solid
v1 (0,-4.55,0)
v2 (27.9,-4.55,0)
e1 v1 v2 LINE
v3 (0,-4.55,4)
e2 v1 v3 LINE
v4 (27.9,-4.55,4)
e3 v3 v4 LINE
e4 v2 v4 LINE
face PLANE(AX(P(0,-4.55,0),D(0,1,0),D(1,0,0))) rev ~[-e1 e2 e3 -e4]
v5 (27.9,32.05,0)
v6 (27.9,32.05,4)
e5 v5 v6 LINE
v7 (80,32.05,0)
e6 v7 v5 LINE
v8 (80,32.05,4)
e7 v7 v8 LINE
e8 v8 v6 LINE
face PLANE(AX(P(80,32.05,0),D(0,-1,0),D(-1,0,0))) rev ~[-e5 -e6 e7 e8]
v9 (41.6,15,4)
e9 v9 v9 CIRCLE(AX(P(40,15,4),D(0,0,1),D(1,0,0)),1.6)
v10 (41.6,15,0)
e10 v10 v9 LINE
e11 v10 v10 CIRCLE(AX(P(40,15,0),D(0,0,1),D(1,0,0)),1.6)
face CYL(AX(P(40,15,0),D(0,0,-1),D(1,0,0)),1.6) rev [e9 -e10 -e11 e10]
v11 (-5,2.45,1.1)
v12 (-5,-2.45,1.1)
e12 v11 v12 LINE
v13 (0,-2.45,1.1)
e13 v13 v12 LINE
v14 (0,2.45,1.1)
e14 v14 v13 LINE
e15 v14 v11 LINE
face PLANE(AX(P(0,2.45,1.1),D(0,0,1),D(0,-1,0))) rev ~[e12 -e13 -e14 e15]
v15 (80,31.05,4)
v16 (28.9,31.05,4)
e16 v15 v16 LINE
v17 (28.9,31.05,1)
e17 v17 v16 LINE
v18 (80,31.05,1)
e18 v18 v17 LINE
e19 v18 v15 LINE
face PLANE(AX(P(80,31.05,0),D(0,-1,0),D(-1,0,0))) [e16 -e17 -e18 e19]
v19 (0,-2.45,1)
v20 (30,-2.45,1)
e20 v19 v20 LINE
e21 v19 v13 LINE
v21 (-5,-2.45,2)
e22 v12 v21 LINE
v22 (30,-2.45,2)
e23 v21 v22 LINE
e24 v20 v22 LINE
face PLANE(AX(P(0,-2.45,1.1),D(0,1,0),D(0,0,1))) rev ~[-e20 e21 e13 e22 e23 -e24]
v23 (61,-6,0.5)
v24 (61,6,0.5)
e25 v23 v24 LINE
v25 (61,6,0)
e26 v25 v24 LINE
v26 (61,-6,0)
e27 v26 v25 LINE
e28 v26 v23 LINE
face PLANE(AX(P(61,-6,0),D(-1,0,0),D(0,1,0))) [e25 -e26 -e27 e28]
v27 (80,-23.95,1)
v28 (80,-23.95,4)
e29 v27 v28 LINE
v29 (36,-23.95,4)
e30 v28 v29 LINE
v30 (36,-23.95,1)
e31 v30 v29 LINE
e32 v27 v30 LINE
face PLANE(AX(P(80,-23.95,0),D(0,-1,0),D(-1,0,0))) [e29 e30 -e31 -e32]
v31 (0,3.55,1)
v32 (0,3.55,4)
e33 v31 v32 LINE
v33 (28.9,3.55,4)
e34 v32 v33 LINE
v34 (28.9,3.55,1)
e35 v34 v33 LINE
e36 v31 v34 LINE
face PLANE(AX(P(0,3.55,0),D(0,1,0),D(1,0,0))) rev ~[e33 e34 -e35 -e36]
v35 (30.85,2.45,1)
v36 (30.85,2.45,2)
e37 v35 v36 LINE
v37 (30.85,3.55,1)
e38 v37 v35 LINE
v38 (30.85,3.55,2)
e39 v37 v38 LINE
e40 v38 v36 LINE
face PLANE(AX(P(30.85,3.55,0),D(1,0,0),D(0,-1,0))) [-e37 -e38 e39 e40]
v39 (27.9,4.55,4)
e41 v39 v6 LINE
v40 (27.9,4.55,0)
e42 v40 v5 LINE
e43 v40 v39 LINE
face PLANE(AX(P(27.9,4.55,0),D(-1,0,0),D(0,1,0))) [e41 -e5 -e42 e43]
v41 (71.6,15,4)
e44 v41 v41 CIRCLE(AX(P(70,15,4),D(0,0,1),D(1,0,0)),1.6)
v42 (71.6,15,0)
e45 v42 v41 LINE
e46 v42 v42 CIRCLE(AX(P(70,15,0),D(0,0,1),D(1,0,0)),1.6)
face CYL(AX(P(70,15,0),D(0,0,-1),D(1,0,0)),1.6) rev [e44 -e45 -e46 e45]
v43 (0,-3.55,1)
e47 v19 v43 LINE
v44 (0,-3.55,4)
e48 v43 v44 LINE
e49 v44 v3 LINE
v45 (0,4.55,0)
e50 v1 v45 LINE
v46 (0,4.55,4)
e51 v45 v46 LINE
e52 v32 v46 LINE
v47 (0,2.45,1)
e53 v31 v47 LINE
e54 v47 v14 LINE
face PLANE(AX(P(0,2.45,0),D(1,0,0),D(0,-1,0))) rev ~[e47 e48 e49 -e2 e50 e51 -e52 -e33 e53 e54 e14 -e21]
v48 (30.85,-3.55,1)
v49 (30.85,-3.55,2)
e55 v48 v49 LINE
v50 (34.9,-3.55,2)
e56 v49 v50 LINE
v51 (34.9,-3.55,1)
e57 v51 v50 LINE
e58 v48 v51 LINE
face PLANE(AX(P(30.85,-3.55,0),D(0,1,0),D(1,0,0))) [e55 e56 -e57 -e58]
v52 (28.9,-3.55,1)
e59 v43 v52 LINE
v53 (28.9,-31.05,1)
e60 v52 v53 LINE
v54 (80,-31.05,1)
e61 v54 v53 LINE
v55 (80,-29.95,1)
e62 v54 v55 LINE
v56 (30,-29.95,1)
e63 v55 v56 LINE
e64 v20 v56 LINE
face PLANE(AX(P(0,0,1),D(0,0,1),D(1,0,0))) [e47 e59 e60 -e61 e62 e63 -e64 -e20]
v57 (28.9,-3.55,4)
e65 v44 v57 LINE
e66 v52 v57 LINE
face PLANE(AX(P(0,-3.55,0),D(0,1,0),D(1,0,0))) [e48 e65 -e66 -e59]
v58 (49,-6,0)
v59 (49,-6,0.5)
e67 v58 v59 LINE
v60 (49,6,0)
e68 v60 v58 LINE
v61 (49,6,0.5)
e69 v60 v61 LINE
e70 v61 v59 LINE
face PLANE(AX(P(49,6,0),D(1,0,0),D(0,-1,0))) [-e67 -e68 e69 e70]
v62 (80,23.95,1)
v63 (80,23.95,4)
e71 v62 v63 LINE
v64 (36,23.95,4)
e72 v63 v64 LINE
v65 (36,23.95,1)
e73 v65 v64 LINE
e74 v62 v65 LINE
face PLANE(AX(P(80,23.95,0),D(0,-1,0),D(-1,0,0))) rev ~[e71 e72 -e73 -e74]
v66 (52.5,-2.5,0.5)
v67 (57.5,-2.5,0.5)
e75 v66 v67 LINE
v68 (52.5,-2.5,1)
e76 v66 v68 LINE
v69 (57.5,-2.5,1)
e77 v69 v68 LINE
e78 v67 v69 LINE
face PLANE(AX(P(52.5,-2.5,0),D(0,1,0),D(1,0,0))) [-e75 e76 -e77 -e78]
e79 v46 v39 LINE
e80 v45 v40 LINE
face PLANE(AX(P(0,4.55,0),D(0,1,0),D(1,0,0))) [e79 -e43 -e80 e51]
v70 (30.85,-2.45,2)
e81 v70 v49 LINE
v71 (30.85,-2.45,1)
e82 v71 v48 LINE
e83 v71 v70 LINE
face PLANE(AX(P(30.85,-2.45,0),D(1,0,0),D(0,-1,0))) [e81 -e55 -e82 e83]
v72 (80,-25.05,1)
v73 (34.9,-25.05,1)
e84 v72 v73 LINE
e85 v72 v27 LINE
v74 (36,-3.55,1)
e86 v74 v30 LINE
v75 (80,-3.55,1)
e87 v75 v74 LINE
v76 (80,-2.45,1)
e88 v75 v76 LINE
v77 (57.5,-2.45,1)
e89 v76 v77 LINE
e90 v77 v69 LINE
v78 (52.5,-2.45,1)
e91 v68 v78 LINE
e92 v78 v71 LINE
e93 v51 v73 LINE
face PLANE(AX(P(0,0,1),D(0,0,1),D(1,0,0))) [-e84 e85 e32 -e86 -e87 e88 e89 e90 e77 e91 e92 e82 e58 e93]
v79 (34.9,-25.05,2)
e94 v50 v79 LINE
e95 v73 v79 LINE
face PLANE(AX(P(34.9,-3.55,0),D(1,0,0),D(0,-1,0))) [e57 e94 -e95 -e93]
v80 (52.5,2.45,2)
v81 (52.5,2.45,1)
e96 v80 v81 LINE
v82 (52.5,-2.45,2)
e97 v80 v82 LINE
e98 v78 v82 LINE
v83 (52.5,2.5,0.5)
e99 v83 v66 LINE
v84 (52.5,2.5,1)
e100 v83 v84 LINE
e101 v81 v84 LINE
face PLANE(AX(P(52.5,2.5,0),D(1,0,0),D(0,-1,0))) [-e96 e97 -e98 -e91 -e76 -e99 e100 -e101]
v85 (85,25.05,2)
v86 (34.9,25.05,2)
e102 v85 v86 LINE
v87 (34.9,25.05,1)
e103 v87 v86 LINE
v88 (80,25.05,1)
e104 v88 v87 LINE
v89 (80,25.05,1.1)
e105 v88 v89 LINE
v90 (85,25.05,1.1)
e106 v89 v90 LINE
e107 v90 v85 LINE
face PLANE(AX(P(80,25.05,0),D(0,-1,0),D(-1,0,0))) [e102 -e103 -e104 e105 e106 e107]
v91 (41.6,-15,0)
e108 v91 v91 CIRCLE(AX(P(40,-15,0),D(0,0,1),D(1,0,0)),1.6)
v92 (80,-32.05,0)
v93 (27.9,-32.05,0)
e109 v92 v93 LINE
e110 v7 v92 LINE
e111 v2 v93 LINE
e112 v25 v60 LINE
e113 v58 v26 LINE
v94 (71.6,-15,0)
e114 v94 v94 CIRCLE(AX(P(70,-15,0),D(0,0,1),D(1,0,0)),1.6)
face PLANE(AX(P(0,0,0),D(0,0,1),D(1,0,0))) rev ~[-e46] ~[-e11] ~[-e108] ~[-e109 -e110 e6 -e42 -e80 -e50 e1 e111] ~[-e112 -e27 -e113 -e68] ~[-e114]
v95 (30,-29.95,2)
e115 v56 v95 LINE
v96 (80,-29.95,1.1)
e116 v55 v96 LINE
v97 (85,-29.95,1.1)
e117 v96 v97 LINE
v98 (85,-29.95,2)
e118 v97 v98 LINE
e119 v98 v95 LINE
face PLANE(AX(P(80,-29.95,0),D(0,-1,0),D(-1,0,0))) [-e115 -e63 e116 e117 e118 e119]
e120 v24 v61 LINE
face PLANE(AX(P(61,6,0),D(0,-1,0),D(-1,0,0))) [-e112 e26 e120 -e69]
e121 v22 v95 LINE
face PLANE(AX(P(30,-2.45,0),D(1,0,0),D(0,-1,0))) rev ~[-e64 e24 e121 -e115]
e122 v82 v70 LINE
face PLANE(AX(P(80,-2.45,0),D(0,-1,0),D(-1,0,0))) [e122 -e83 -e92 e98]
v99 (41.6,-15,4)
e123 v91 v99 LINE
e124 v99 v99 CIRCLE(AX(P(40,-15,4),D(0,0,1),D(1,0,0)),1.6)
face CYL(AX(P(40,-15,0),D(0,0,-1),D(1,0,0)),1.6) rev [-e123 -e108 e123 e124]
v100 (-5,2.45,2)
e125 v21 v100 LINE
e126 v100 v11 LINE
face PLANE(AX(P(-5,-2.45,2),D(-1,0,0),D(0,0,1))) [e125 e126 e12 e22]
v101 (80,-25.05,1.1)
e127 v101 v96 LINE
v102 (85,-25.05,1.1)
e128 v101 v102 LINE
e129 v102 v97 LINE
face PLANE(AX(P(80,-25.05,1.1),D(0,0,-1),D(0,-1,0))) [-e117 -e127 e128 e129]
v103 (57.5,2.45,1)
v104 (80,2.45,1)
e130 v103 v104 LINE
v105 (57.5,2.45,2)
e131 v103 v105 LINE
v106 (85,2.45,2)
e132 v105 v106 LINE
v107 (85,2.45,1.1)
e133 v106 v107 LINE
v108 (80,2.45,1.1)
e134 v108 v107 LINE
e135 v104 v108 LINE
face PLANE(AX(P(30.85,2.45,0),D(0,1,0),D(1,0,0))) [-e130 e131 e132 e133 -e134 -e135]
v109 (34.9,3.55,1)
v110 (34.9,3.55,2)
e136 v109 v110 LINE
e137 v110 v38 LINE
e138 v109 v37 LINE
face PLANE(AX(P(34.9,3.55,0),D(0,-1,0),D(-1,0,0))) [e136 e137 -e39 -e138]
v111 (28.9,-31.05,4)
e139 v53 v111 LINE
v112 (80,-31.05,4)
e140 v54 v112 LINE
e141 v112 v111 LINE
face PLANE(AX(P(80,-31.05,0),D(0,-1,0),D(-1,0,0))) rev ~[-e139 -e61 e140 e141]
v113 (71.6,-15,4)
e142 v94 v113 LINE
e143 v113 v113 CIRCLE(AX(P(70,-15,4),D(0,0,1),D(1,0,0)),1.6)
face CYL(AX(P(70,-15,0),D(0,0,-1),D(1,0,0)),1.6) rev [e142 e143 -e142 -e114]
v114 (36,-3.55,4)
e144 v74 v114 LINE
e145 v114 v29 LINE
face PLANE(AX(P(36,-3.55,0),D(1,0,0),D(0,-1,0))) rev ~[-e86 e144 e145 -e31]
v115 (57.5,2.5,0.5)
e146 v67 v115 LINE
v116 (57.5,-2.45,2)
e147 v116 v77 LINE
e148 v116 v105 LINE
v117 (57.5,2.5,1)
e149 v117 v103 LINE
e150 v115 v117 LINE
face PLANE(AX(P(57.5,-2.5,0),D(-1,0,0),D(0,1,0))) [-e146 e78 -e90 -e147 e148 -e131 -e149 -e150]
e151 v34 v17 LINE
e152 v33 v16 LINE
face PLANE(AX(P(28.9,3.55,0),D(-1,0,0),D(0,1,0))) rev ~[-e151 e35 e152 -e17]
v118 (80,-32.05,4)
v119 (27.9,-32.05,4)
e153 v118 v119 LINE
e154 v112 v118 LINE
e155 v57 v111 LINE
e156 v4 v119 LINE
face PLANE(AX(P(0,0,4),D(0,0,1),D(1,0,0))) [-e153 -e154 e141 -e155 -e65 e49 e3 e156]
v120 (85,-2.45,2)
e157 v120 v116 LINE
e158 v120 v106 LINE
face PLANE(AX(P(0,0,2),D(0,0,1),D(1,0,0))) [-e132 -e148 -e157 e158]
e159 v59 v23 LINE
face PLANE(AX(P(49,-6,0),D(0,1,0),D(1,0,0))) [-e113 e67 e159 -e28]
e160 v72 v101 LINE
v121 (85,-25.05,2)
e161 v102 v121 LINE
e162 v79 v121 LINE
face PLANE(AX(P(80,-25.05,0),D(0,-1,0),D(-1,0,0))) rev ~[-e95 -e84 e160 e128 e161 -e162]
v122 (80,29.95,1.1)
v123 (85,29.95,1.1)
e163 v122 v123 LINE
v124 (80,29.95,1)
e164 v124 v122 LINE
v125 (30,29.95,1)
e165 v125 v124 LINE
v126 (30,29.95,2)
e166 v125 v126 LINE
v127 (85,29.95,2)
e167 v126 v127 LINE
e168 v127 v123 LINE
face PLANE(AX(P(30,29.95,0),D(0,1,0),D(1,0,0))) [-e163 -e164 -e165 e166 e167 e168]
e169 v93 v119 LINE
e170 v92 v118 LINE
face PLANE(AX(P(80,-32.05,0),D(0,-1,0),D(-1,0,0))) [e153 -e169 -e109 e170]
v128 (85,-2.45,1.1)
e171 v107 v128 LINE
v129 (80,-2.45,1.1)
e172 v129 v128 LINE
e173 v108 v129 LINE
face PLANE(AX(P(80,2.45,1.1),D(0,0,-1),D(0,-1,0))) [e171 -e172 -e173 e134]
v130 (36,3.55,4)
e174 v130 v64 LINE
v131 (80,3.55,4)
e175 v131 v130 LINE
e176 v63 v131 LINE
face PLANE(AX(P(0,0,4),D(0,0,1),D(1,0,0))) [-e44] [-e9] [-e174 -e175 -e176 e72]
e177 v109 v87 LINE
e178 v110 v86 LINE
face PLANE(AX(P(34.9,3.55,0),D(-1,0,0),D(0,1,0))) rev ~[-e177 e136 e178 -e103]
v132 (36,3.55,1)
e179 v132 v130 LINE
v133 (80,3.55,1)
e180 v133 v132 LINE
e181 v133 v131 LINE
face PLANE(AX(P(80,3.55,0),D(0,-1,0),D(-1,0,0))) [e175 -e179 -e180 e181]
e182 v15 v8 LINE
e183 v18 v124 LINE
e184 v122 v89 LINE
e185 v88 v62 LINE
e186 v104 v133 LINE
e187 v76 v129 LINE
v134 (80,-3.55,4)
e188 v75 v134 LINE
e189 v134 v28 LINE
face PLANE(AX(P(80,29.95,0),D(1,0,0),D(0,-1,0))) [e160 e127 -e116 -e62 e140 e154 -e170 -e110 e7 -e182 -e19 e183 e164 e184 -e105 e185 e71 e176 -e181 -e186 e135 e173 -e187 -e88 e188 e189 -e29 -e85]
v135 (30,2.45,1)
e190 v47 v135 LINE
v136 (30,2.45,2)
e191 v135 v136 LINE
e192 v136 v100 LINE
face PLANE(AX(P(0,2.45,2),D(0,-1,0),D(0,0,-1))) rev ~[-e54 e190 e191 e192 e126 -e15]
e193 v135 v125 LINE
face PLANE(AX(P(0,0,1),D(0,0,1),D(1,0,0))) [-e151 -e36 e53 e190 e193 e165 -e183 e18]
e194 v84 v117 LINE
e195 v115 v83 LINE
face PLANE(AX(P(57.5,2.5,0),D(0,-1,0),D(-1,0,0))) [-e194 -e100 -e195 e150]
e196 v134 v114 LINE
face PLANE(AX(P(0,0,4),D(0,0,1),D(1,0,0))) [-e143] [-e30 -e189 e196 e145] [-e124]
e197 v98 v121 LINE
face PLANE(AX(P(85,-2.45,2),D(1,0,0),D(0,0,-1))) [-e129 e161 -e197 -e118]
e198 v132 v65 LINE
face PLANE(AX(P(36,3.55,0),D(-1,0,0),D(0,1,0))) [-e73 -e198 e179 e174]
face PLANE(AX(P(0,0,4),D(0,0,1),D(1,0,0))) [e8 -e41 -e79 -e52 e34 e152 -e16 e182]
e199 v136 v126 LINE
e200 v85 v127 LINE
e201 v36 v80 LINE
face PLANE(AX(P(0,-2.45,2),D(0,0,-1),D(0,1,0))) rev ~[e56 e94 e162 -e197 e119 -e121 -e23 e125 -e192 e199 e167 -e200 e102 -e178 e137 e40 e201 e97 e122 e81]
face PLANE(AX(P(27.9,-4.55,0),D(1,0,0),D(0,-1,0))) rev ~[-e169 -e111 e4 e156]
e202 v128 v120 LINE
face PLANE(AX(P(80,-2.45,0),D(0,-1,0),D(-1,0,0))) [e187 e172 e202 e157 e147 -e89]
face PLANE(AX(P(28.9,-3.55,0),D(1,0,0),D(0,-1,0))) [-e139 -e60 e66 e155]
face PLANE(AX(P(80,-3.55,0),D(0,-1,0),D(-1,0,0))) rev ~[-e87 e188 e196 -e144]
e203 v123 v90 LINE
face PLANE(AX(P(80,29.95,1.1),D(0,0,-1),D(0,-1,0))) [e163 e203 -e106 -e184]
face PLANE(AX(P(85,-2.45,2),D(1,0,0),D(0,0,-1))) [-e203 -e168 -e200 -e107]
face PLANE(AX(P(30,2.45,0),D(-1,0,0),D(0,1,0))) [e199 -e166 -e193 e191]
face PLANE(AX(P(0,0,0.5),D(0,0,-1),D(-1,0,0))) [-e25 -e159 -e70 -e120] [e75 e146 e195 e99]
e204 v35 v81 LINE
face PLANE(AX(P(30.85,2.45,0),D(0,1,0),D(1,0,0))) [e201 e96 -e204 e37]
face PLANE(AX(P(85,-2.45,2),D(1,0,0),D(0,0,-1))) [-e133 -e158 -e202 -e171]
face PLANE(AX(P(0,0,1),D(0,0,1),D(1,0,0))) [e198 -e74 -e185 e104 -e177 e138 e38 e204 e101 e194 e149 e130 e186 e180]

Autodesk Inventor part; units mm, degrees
ref_plane "YZ Plane" through (0, 0, 0) normal (1, 0, 0) x (0, 1, 0)
ref_plane "XZ Plane" through (0, 0, 0) normal (0, 1, 0) x (-1, 0, 0)
ref_plane "XY Plane" through (0, 0, 0) normal (0, 0, 1) x (1, 0, 0)
sketch "Sketch2" plane through (0, 0, 0) normal (0, 0, 1) x (1, 0, 0)
  line L0 (0, 2.45) -> (0, -2.45)
  line L1 (0, 2.45) -> (30, 2.45)
  line L2 (30, 2.45) -> (30, 29.95)
  line L3 (30, 29.95) -> (80, 29.95)
  line L4 (80, 29.95) -> (80, 25.05)
  line L5 (34.9, 3.55) -> (30.85, 3.55)
  line L6 (30.85, 3.55) -> (30.85, 2.45)
  line L7 (30.85, 2.45) -> (80, 2.45)
  line L8 (80, 2.45) -> (80, -2.45)
  line L9 (80, -2.45) -> (30.85, -2.45)
  line L10 (30.85, -2.45) -> (30.85, -3.55)
  line L11 (30.85, -3.55) -> (34.9, -3.55)
  line L12 (34.9, -3.55) -> (34.9, -25.05)
  line L13 (34.9, 3.55) -> (34.9, 25.05)
  line L14 (80, 25.05) -> (34.9, 25.05)
  line L15 (0, -2.45) -> (30, -2.45)
  line L16 (30, -2.45) -> (30, -29.95)
  line L17 (80, -25.05) -> (80, -29.95)
  line L18 (80, -29.95) -> (30, -29.95)
  line L19 (80, -25.05) -> (34.9, -25.05)
  line L20 (0, 2.45) -> (0, 3.55)
  line L21 (0, 3.55) -> (28.9, 3.55)
  line L22 (28.9, 3.55) -> (28.9, 31.05)
  line L23 (80, 29.95) -> (80, 31.05)
  line L24 (80, 31.05) -> (28.9, 31.05)
  line L25 (80, 25.05) -> (80, 23.95)
  line L26 (80, 23.95) -> (36, 23.95)
  line L27 (80, 2.45) -> (80, 3.55)
  line L28 (80, 3.55) -> (36, 3.55)
  line L29 (36, 3.55) -> (36, 23.95)
  line L30 (0, -2.45) -> (0, -3.55)
  line L31 (0, -3.55) -> (28.9, -3.55)
  line L32 (28.9, -3.55) -> (28.9, -31.05)
  line L33 (80, -2.45) -> (80, -3.55)
  line L34 (80, -3.55) -> (36, -3.55)
  line L35 (36, -3.55) -> (36, -23.95)
  line L36 (80, -25.05) -> (80, -23.95)
  line L37 (80, -23.95) -> (36, -23.95)
  line L38 (80, -29.95) -> (80, -31.05)
  line L39 (80, -31.05) -> (28.9, -31.05)
  line L40 (0, 3.55) -> (0, 4.55)
  line L41 (0, 4.55) -> (27.9, 4.55)
  line L42 (27.9, 4.55) -> (27.9, 32.05)
  line L43 (80, 3.55) -> (80, 4.55)
  line L44 (80, 4.55) -> (37, 4.55)
  line L45 (37, 4.55) -> (37, 22.95)
  line L46 (80, 23.95) -> (80, 22.95)
  line L47 (80, 22.95) -> (37, 22.95)
  line L48 (80, 31.05) -> (80, 32.05)
  line L49 (80, 32.05) -> (27.9, 32.05)
  line L50 (0, -3.55) -> (0, -4.55)
  line L51 (0, -4.55) -> (27.9, -4.55)
  line L52 (27.9, -4.55) -> (27.9, -32.05)
  line L53 (80, -31.05) -> (80, -32.05)
  line L54 (80, -32.05) -> (27.9, -32.05)
  line L55 (80, -23.95) -> (80, -22.95)
  line L56 (80, -22.95) -> (37, -22.95)
  line L57 (80, -3.55) -> (80, -4.55)
  line L58 (80, -4.55) -> (37, -4.55)
  line L59 (37, -4.55) -> (37, -22.95)
  line L60 (80, 22.95) -> (80, 4.55)
  line L61 (80, -4.55) -> (80, -22.95)
  line L62 (40, -15) -> (70, -15) construction
  line L63 (70, -15) -> (70, 15) construction
  line L64 (70, 15) -> (40, 15) construction
  line L65 (40, 15) -> (40, -15) construction
  line L66 (40, -15) -> (70, 15) construction
  line L67 (70, -15) -> (40, 15) construction
  line L68 (55, 0) -> (0, 0) construction
  circle A0 centre (70, 15) radius 1.6
  circle A1 centre (40, 15) radius 1.6
  circle A2 centre (70, -15) radius 1.6
  circle A3 centre (40, -15) radius 1.6
  dimension "d21" = 4.9
  dimension "d23" = 4.9
  dimension "d27" = 30
  dimension "d28" = 4.05
  dimension "d29" = 1.1
  dimension "d31" = 1.1
  dimension "d33" = 1.1
  dimension "d34" = 1.1
  dimension "d35" = 1.1
  dimension "d36" = 1.1
  dimension "d37" = 1.1
  dimension "d38" = 1.1
  dimension "d39" = 1
  dimension "d40" = 1
  dimension "d41" = 1
  dimension "d42" = 1
  dimension "d43" = 1
  dimension "d44" = 1
  dimension "d54" = 30
  dimension "d55" = 30
  dimension "d57" = 3.2
  dimension "d58" = 3.2
  dimension "d59" = 3.2
  dimension "d60" = 3.2
  dimension "d75" = 1.1
  dimension "d76" = 1
  dimension "d77" = 1.1
  dimension "d78" = 1
  dimension "d79" = 4.9
  dimension "d80" = 4.9
  dimension "d81" = 50.1
  dimension "d83" = 55
  dimension "d84" = 80
extrude "Extrusion1" add sketch "Sketch2" along normal blind 2 contours L1 L2 L3 L4 L14 L13 L5 L6 L7 L8 L9 L10 L11 L12 L19 L17 L18 L16 L15 L0
extrude "Extrusion2" add sketch "Sketch2" along normal blind 1 contours L1 L2 L3 L4 L14 L13 L5 L6 L7 L8 L9 L10 L11 L12 L19 L17 L18 L16 L15 L0 | L20 L21 L22 L24 L23 L3 L2 L1 | L15 L16 L18 L38 L39 L32 L31 L30 | L25 L26 L29 L28 L27 L7 L6 L5 L13 L14 | L19 L12 L11 L10 L9 L33 L34 L35 L37 L36
extrude "Extrusion3" add sketch "Sketch2" along normal blind 4 contours L40 L41 L42 L49 L48 L24 L22 L21 | L31 L32 L39 L53 L54 L52 L51 L50 | L46 L47 L45 L44 L43 L28 L29 L26 | L37 L35 L34 L57 L58 L59 L56 L55
extrude "Extrusion4" add sketch "Sketch2" along normal up to surface (4 mm away) contours L60 L44 L45 L47 | L56 L59 L58 L61
sketch "Sketch3" plane through (0, 0, 0) normal (0, 0, -1) x (-1, 0, 0)
  line L0 (-52.5, -2.5) -> (-57.5, -2.5)
  line L1 (-57.5, -2.5) -> (-57.5, 2.5)
  line L2 (-57.5, 2.5) -> (-52.5, 2.5)
  line L3 (-52.5, 2.5) -> (-52.5, -2.5)
  line L4 (-52.5, -2.5) -> (-57.5, 2.5) construction
  line L5 (-57.5, -2.5) -> (-52.5, 2.5) construction
  line L6 (-55, 0) -> (0, 0) construction
  line L7 (-80, -4.55) -> (-80, 4.55) projected
  line L8 (-49, -6) -> (-61, -6)
  line L9 (-61, -6) -> (-61, 6)
  line L10 (-61, 6) -> (-49, 6)
  line L11 (-49, 6) -> (-49, -6)
  line L12 (-49, -6) -> (-61, 6) construction
  line L13 (-61, -6) -> (-49, 6) construction
  dimension "d51" = 5
  dimension "d52" = 5
  dimension "d53" = 25
  dimension "d65" = 12
  dimension "d66" = 12
extrude "Extrusion5" cut sketch "Sketch3" against normal blind 2 contours L0 L1 L2 L3
extrude "Extrusion6" cut sketch "Sketch3" against normal blind 0.5
sketch "Sketch4" plane through (80, -2.45, 2) normal (1, 0, 0) x (0, 0, -1)
  line L0 (0, 27.5) -> (0, 32.4) projected
  line L1 (0, 32.4) -> (0.9, 32.4)
  line L2 (0.9, 32.4) -> (0.9, 27.5)
  line L3 (0.9, 27.5) -> (0, 27.5)
  line L4 (0, 27.5) -> (0, 32.4)
  line L5 (1, 27.5) -> (0, 27.5) projected
  line L6 (0, 0) -> (0, 4.9) projected
  line L7 (0, 4.9) -> (0.9, 4.9)
  line L8 (0.9, 4.9) -> (0.9, 0)
  line L9 (0.9, 0) -> (0, 0)
  line L10 (0, 0) -> (0, 4.9)
  line L11 (0.9, -22.6) -> (0, -22.6)
  line L12 (0.9, -22.6) -> (0.9, -27.5)
  line L13 (0.9, -27.5) -> (0, -27.5)
  line L14 (0, -27.5) -> (0, -22.6)
  line L15 (1, -27.5) -> (0, -27.5) projected
  line L16 (1, 0) -> (0, 0) projected
  line L17 (1, -22.6) -> (0, -22.6) projected
  line L18 (0, -27.5) -> (0, -22.6) projected
  point P0 (2, 2.45)
  dimension "d69" = 0.9
extrude "Extrusion7" add sketch "Sketch4" along normal blind 5
sketch "Sketch5" plane through (0, -2.45, 2) normal (-1, 0, 0) x (0, 0, 1)
  line L0 (0, 4.9) -> (-0.9, 4.9)
  line L1 (-0.9, 4.9) -> (-0.9, 0)
  line L2 (-0.9, 0) -> (0, 0)
  line L3 (0, 0) -> (0, 4.9)
  line L4 (0, 4.9) -> (0, 0) projected
  line L5 (-1, 0) -> (0, 0) projected
  line L6 (-1, 4.9) -> (0, 4.9) projected
  line L7 (-1, 6) -> (-1, 4.9) projected
  point P0 (-2, 2.45)
  dimension "d72" = 0.1
extrude "Extrusion8" add sketch "Sketch5" along normal blind 5
properties part number "bottomv6"
